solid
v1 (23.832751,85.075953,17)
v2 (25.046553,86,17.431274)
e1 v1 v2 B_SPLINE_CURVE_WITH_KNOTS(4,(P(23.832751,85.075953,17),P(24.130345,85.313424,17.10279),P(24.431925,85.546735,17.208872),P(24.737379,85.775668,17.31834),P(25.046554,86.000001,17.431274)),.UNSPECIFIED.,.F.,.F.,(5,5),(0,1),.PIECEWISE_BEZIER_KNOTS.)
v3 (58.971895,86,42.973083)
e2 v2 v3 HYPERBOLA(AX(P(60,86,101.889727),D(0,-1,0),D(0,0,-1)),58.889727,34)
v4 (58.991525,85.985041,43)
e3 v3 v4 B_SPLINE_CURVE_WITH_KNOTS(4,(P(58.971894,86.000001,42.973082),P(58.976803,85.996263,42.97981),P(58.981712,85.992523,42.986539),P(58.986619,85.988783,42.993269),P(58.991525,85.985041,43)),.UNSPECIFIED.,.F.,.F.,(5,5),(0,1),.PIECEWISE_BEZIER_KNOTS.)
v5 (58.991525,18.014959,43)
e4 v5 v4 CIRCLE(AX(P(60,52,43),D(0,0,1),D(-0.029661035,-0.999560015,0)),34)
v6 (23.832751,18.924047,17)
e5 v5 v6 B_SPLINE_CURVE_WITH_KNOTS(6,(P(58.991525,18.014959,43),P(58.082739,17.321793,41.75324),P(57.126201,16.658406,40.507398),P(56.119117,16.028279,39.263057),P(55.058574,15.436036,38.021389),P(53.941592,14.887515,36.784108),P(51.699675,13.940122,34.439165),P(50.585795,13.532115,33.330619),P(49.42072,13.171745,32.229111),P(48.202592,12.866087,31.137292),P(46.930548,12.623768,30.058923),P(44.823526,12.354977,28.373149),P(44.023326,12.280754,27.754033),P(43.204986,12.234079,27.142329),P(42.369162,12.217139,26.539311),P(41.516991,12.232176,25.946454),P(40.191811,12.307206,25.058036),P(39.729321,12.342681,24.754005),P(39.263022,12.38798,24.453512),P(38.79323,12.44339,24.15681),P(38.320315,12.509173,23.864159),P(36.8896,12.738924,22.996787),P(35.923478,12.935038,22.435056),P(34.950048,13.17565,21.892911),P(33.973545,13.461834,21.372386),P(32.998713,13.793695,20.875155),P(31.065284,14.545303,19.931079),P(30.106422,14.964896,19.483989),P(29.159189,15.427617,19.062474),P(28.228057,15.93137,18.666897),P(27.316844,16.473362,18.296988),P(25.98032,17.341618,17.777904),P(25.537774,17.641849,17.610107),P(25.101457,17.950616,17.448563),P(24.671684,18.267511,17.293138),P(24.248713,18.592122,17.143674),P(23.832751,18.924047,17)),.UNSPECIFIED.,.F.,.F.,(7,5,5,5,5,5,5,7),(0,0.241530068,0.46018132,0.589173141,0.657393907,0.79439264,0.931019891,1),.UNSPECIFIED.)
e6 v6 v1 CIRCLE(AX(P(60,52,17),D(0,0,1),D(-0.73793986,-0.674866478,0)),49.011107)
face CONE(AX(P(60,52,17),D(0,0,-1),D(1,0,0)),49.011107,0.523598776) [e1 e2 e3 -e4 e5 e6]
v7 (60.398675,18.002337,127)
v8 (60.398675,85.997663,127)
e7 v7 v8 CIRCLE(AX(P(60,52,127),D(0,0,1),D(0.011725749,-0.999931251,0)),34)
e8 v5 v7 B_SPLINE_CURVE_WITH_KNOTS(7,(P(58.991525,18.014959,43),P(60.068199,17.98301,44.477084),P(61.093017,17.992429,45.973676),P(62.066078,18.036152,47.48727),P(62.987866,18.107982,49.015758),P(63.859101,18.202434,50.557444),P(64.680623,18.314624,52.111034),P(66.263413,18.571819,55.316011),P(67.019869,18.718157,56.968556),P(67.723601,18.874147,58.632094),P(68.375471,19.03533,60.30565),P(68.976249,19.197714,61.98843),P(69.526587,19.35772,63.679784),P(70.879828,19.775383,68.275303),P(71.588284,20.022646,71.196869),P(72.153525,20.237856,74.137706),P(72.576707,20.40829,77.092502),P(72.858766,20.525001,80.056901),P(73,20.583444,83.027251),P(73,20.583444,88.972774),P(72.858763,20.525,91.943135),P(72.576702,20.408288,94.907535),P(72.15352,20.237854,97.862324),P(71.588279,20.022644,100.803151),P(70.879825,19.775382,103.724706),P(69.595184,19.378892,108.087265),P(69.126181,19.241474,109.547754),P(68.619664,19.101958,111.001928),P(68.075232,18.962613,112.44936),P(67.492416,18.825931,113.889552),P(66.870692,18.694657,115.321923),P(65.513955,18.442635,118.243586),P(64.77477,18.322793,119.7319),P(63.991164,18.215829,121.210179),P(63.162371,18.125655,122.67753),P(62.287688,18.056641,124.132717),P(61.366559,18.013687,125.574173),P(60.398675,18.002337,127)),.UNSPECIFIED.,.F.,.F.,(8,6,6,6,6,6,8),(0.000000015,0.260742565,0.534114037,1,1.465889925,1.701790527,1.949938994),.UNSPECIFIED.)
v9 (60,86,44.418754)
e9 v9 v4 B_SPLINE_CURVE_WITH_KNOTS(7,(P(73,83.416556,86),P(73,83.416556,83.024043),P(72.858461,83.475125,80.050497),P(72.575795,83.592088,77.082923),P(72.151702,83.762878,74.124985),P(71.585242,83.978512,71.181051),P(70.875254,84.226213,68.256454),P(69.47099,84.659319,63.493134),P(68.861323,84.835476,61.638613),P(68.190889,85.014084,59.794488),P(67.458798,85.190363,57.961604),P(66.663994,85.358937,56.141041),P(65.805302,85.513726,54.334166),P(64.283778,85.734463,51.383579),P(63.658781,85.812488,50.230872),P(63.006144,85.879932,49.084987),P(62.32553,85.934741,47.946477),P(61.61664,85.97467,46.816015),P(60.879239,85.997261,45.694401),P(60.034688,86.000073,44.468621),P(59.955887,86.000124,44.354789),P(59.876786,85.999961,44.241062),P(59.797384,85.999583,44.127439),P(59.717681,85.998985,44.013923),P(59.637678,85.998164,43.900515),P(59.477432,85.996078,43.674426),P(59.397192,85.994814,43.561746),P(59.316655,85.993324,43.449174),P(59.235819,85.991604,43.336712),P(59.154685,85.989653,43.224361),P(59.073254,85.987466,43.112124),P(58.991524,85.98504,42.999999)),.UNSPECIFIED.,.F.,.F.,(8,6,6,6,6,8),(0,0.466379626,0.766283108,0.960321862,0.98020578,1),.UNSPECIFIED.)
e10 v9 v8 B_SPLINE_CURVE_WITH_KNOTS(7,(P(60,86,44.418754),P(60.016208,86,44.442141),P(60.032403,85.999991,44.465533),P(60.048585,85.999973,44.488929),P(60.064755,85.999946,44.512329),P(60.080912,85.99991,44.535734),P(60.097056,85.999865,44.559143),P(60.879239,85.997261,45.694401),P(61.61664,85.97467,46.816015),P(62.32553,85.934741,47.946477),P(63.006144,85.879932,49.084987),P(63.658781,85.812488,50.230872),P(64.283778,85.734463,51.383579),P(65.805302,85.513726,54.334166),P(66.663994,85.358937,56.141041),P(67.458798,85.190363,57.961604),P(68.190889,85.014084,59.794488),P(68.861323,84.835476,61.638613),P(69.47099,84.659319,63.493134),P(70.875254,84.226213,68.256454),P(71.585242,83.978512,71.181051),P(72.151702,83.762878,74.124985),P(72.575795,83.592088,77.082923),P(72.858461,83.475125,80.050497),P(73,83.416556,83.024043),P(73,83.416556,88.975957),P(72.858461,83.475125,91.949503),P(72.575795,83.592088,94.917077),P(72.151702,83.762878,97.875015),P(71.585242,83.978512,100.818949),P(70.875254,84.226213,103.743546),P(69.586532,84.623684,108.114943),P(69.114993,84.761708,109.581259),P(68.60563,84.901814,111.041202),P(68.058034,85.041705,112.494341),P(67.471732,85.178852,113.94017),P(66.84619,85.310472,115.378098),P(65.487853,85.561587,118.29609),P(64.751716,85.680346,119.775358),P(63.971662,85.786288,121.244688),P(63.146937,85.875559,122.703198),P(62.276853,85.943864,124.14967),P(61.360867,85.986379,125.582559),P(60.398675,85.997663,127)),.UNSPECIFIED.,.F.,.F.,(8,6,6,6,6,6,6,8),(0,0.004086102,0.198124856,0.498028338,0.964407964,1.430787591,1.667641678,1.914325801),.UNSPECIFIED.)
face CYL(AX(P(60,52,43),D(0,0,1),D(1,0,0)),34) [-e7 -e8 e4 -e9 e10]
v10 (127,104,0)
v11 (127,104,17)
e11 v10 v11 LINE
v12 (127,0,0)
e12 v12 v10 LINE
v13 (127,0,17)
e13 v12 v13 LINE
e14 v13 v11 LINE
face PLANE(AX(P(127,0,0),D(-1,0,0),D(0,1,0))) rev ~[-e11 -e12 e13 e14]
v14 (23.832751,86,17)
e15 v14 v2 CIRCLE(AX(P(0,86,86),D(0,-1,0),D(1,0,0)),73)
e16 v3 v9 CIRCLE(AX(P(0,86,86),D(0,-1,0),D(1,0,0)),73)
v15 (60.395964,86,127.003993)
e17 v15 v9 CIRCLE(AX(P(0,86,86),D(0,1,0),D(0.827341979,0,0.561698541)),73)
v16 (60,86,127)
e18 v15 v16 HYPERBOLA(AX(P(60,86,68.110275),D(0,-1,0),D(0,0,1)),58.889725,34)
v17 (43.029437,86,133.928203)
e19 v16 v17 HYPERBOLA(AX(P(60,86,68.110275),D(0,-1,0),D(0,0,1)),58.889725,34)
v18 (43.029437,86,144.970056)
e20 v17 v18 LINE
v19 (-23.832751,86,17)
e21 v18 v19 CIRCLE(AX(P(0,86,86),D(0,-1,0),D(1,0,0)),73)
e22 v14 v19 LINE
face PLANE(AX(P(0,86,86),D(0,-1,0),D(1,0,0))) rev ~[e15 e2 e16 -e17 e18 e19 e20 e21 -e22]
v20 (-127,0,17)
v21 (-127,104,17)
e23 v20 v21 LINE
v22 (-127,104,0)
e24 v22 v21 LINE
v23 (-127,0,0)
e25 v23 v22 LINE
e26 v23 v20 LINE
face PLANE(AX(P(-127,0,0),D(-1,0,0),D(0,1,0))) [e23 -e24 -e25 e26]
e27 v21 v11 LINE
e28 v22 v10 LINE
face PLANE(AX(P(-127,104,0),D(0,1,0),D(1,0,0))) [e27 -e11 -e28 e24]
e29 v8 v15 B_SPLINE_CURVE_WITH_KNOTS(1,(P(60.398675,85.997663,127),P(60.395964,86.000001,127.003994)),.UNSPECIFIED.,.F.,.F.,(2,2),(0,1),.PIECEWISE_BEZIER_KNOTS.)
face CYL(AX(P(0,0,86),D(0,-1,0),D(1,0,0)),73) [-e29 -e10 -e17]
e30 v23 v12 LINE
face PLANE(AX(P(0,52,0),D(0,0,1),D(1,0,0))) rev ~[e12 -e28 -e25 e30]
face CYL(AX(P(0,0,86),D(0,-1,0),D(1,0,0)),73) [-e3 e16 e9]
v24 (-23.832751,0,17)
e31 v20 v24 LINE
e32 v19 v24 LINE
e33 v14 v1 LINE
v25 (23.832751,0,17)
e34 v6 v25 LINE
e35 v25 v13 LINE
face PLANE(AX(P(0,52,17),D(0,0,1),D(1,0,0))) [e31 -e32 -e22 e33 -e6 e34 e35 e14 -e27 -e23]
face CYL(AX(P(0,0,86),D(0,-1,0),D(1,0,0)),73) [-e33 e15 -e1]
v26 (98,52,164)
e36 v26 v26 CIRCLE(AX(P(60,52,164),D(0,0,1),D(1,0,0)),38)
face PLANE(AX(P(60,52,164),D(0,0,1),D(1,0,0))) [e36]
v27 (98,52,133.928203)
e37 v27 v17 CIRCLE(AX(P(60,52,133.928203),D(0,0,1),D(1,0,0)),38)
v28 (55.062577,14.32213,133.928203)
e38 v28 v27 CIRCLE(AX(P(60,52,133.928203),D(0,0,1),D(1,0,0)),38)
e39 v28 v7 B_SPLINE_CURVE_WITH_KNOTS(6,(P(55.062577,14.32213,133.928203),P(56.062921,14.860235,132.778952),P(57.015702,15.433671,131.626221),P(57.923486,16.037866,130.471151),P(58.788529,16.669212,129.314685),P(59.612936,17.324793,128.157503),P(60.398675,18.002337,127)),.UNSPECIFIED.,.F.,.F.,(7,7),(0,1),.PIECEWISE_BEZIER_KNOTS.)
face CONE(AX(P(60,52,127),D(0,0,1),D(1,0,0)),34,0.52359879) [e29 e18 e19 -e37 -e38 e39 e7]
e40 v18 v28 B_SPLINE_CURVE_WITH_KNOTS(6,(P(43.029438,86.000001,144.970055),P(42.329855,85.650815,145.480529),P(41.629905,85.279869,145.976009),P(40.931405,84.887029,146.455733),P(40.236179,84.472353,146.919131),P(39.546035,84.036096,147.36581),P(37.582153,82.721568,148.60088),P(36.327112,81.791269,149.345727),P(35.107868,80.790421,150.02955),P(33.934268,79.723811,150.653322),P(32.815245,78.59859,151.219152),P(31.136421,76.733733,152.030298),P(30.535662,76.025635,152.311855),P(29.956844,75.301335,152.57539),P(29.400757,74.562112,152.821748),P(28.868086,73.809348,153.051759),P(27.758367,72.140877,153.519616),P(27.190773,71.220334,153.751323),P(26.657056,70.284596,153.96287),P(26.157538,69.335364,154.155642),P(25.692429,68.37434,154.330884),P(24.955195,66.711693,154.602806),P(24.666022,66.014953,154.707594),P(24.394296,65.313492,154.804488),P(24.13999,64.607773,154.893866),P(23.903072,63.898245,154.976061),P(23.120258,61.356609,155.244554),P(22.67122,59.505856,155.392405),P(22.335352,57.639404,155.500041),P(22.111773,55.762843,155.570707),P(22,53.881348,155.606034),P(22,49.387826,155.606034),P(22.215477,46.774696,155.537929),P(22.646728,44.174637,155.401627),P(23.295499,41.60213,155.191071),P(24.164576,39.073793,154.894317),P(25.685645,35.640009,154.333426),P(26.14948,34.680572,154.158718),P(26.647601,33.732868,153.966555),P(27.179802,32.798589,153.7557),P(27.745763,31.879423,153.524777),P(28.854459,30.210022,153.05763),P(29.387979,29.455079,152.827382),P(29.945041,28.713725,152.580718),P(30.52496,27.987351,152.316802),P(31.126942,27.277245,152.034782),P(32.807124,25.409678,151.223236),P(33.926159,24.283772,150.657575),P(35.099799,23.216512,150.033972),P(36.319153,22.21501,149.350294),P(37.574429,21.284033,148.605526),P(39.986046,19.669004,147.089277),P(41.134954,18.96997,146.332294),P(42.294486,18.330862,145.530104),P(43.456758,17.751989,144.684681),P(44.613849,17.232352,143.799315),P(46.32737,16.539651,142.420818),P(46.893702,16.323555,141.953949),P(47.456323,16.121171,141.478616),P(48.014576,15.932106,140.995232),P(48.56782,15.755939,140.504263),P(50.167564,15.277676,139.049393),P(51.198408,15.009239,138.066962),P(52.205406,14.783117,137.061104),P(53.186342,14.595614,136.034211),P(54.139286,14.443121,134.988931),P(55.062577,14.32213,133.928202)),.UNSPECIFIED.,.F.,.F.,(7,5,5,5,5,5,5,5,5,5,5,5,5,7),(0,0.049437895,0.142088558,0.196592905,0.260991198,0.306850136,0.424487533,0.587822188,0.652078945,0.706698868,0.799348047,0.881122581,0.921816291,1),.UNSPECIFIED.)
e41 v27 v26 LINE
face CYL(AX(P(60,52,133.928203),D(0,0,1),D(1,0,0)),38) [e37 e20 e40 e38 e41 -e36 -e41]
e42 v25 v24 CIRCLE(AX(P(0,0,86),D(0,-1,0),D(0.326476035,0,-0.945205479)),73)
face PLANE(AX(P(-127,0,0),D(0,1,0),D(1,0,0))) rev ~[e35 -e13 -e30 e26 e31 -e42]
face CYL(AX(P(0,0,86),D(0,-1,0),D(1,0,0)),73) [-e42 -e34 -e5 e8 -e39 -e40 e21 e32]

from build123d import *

# Parameters (mm, degrees)
F0_R     = 73
F1_DEPTH = 86
F5_W     = 254
F5_H     = 104
F6_DEPTH = 17


with BuildPart() as f1:
    # F0 (on Front) → F1 (new body)
    with BuildSketch(Plane.XZ):
        with Locations((0, 86)):
            Circle(F0_R)
    extrude(amount=-F1_DEPTH)

    # F3 (on offset) → F4 (revolve)
    with BuildSketch(Plane.XZ.offset(-52)):
        Polygon((98, 164), (60, 164), (60, 17), (109.011107, 17), (94, 43), (94, 127), (98, 133.928203), align=None)
    revolve(axis=Axis((60, 52, 90.5), (0, 0, 1)))

    # F5 (on Top) → F6 (join)
    with BuildSketch(Plane.XY):
        with Locations((0, 52)):
            Rectangle(F5_W, F5_H)
    extrude(amount=F6_DEPTH)


solid = f1.part
